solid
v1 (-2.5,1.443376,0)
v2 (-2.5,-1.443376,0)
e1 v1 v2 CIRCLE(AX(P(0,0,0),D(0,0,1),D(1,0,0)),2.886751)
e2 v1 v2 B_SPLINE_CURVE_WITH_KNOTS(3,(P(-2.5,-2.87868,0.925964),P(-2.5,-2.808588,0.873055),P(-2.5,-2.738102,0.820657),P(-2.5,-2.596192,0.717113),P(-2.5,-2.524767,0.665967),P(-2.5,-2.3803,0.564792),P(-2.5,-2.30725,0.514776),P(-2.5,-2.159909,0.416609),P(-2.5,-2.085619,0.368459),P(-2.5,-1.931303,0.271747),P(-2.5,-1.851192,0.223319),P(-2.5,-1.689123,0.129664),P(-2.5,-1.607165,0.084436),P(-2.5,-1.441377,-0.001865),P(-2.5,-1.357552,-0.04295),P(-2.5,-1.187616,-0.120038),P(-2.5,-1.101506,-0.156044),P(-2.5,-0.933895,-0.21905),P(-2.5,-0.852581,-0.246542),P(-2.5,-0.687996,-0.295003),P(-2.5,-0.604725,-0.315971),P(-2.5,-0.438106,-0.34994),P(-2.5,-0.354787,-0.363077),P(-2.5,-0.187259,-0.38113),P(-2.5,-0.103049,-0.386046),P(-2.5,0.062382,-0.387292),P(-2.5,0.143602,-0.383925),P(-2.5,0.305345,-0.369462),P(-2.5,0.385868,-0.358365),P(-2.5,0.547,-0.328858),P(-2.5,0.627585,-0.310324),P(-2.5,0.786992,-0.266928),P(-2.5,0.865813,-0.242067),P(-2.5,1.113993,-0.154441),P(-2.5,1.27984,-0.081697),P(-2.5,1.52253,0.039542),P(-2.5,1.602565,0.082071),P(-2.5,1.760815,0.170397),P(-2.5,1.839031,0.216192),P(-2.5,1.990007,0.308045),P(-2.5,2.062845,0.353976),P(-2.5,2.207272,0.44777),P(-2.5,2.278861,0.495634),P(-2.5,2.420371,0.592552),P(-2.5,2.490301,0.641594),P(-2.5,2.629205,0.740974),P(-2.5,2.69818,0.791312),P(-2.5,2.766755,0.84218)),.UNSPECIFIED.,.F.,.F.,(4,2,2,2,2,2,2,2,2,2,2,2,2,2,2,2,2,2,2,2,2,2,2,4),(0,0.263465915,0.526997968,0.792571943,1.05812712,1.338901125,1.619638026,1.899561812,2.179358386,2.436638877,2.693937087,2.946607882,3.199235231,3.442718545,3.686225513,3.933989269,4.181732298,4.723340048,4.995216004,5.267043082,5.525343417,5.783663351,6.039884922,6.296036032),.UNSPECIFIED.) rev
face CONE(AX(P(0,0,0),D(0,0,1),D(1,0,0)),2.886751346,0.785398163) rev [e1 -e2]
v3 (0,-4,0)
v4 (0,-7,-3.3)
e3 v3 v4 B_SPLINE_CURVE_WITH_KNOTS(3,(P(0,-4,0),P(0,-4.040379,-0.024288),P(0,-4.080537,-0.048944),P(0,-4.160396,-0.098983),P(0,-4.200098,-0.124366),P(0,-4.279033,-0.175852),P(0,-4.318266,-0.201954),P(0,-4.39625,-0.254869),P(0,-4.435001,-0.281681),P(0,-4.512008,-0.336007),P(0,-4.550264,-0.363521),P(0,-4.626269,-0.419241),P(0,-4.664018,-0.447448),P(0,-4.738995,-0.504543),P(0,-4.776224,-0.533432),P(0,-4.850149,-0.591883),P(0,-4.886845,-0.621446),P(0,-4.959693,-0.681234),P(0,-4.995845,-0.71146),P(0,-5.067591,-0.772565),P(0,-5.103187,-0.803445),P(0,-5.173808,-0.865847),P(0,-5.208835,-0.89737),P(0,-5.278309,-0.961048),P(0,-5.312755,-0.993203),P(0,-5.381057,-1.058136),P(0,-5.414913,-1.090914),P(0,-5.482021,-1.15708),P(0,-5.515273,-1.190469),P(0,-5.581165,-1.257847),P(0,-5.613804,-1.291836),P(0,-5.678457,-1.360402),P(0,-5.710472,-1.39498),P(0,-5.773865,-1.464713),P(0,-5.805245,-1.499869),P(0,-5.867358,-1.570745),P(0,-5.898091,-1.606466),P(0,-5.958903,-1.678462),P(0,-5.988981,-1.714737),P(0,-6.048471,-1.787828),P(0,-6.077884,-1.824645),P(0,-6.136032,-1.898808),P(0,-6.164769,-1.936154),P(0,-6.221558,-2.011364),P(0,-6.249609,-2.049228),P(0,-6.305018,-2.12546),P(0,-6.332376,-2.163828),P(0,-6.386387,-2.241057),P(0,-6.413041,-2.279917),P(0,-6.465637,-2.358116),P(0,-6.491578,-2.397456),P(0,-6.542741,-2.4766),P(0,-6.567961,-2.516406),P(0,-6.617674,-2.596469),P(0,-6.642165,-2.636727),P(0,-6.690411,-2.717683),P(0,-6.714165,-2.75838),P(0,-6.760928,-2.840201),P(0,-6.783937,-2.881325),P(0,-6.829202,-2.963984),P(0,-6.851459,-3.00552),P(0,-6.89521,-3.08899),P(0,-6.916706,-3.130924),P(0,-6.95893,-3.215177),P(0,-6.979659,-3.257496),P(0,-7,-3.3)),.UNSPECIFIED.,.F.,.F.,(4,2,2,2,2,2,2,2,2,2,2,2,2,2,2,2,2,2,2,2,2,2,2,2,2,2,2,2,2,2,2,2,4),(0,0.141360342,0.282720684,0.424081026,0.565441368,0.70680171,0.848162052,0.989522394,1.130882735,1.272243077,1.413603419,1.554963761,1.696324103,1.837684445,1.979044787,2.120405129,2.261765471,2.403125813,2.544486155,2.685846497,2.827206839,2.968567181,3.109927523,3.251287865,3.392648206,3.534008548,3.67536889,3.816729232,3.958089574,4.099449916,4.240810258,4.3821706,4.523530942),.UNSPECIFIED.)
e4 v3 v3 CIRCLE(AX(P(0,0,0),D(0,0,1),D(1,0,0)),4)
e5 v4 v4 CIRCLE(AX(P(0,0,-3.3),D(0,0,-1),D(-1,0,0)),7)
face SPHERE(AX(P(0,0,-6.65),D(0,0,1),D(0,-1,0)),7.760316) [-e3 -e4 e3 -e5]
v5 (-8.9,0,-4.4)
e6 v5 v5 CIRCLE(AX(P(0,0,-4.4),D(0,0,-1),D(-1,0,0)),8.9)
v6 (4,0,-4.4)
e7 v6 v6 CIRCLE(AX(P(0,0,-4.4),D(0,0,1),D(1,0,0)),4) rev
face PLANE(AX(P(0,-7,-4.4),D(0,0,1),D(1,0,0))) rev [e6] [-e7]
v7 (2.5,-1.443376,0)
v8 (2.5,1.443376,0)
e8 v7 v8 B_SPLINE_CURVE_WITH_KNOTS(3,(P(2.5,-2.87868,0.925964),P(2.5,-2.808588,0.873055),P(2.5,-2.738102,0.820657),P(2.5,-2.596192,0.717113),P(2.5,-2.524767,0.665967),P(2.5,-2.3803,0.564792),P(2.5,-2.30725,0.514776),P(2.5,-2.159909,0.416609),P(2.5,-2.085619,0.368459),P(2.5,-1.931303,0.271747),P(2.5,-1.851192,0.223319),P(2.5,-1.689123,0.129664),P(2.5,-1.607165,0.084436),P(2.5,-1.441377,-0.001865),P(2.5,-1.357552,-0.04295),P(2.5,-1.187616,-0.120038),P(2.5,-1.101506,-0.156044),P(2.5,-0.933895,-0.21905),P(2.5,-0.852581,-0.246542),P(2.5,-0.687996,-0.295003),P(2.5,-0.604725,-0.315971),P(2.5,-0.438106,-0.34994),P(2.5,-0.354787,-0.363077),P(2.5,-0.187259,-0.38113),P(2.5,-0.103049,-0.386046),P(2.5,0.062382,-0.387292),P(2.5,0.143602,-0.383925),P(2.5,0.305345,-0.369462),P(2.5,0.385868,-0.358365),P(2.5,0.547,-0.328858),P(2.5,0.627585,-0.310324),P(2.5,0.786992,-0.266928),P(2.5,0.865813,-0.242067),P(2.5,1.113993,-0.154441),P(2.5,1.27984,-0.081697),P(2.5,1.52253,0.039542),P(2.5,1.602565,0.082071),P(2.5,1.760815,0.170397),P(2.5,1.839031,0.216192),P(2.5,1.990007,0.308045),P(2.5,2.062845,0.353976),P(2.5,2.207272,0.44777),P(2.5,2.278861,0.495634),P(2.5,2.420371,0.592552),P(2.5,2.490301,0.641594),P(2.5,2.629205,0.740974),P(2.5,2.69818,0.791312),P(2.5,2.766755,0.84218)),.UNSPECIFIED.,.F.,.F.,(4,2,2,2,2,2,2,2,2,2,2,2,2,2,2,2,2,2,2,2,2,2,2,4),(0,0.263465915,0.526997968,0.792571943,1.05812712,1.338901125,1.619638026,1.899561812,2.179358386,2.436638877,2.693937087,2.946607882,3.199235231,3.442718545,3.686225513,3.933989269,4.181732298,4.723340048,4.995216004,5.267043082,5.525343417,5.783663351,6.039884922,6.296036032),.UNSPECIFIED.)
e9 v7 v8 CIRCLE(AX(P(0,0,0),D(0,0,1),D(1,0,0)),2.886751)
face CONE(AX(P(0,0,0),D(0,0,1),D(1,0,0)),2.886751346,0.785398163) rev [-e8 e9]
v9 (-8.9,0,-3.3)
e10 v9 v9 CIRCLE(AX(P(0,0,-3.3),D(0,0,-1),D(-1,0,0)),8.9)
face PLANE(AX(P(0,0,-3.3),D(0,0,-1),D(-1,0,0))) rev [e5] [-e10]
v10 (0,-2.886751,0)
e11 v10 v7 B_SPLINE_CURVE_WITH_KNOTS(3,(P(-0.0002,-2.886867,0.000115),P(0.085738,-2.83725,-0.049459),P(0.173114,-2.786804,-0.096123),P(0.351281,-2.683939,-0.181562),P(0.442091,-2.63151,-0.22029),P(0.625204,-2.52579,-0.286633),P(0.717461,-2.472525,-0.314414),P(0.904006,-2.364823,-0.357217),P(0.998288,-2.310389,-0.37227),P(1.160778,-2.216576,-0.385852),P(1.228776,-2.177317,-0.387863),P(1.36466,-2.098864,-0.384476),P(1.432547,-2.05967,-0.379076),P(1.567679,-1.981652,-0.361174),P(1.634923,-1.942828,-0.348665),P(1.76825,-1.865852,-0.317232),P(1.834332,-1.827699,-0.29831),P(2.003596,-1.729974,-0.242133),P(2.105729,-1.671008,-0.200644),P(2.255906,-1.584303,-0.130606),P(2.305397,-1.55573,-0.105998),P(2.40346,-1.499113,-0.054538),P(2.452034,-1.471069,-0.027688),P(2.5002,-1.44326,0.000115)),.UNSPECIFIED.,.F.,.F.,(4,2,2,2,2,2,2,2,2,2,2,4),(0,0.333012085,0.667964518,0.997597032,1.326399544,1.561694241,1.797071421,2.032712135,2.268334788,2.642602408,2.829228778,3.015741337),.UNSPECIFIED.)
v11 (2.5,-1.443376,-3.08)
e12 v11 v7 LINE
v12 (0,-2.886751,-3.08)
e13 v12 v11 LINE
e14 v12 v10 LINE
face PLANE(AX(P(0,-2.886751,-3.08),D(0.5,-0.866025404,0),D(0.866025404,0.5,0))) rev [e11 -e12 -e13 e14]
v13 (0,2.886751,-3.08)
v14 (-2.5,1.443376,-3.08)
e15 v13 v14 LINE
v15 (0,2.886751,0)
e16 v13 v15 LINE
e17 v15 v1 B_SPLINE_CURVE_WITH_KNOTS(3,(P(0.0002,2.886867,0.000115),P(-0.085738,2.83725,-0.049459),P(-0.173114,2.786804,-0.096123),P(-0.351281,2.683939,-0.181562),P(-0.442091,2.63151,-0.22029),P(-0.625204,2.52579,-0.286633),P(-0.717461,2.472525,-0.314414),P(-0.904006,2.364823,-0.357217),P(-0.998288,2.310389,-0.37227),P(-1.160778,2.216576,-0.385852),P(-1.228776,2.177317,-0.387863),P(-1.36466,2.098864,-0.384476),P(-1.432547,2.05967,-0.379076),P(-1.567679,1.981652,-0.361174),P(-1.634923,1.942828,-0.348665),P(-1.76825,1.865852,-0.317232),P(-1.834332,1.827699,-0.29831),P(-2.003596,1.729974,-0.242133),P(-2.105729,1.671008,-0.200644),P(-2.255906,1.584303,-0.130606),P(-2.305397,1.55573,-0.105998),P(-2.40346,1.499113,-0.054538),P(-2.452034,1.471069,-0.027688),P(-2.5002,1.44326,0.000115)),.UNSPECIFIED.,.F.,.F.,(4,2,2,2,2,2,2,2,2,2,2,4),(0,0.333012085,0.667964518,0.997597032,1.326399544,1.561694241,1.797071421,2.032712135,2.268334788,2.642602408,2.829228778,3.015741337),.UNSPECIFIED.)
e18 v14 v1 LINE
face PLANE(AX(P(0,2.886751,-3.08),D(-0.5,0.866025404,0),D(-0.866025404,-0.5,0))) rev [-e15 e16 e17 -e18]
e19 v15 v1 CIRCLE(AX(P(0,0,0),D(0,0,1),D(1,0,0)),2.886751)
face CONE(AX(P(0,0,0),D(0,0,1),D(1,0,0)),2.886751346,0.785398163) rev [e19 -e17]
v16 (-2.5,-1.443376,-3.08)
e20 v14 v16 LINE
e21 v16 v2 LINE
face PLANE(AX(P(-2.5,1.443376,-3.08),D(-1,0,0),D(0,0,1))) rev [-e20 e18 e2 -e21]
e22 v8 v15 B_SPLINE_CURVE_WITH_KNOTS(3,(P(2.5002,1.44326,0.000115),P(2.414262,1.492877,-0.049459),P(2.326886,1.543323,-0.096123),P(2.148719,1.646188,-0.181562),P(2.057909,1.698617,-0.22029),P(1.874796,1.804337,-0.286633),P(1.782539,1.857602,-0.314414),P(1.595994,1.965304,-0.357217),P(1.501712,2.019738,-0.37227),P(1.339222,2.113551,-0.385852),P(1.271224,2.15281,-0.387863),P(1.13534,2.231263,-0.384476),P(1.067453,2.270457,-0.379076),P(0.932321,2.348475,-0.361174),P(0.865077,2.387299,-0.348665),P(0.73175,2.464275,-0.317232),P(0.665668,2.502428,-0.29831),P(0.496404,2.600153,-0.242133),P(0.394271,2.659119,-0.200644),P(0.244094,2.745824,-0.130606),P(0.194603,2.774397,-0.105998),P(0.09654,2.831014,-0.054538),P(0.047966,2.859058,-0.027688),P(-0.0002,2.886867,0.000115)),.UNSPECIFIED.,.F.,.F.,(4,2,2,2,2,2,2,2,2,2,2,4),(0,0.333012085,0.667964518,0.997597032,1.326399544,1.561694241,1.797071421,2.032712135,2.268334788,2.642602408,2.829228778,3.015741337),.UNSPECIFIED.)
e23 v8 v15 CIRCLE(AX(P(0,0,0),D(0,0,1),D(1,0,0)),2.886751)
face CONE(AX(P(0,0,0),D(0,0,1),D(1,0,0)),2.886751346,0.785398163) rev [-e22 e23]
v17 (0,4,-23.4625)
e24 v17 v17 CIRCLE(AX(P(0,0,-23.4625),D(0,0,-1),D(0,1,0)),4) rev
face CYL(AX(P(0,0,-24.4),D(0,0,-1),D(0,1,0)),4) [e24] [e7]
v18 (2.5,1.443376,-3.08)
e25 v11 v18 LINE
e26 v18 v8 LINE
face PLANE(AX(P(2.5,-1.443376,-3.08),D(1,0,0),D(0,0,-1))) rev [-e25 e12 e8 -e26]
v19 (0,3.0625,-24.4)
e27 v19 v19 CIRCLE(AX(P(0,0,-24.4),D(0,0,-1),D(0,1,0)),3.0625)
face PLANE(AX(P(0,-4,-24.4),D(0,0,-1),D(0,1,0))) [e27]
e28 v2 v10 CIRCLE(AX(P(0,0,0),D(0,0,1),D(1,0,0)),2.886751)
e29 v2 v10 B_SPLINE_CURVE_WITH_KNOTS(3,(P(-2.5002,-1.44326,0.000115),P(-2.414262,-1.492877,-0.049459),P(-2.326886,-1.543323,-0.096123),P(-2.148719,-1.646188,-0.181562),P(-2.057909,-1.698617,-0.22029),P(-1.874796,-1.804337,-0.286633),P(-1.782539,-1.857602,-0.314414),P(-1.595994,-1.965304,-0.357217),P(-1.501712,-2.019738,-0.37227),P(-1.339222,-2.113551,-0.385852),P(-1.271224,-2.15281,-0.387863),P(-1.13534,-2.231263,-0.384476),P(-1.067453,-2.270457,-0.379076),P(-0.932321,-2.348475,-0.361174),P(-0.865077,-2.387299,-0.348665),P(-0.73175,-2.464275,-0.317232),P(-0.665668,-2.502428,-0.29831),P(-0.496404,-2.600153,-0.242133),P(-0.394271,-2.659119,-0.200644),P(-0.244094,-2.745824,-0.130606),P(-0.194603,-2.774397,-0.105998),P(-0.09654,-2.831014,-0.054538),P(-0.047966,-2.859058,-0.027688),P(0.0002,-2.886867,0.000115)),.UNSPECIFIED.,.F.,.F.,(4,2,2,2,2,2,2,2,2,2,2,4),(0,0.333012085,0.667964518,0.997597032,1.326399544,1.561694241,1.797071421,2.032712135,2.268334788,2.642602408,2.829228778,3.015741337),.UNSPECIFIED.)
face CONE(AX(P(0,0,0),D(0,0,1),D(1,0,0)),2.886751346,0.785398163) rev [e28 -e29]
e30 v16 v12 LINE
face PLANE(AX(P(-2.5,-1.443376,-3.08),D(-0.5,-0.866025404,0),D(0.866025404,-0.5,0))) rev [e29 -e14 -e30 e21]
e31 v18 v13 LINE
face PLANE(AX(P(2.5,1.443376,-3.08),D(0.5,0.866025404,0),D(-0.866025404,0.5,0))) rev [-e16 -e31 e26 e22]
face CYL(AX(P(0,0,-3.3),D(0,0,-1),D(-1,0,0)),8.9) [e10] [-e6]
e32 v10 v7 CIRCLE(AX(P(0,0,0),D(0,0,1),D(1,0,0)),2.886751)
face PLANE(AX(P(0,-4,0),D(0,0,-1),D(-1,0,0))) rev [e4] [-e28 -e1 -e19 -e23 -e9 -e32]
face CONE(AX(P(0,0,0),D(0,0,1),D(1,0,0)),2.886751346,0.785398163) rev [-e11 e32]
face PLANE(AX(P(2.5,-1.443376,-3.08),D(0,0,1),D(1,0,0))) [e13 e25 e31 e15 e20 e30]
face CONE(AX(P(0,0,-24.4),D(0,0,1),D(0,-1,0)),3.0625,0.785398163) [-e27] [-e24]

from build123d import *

# Parameters (mm, degrees)
SKETCH1_W           = 20
SKETCH1_H           = 4
CHAMFER1_SIZE       = 0.9375
SKETCH11_R          = 8.9
BOSS_EXTRUDE3_DEPTH = 1.1
CUT_EXTRUDE2_DEPTH  = 3.08


with BuildPart() as part:
    # Sketch1 → Revolve1 (revolve)
    with BuildSketch(Plane(origin=(0, 0, 0), x_dir=(0, 0, -1), z_dir=(1, 0, 0))):
        with Locations((14.4, 2)):
            Rectangle(SKETCH1_W, SKETCH1_H)
    revolve(axis=Axis((0, 0, -24.4), (0, 0, 1)))

    # Chamfer1
    chamfer1_edges = [part.edges().sort_by_distance(p)[0] for p in [
        (0, -4, -24.4),
    ]]
    chamfer(chamfer1_edges, length=CHAMFER1_SIZE)

    # Sketch7 → Revolve2 (revolve)
    with BuildSketch(Plane(origin=(0, 0, 0), x_dir=(0, 0, -1), z_dir=(1, 0, 0)), mode=Mode.PRIVATE) as revolve2_sk:
        with BuildLine():
            Line((3.3, 7), (4.4, 7))
            Line((4.4, 7), (4.4, 0))
            Line((4.4, 0), (0, 0))
            Line((0, 0), (0, 4))
            ThreePointArc((0, 4), (1.429846746, 5.74216858), (3.3, 7))
        make_face()
    revolve(revolve2_sk.sketch.rotate(Axis((0, 0, 0), (0, 0, -1)), 180), axis=Axis((0, 0, 0), (0, 0, -1)))

    # Sketch11 → Boss-Extrude3 (add)
    with BuildSketch(Plane(origin=(0, 0, -4.4), x_dir=(-1, 0, 0), z_dir=(0, 0, -1))):
        Circle(SKETCH11_R)
    extrude(amount=-BOSS_EXTRUDE3_DEPTH)

    # Sketch5 → Cut-Extrude2 (cut)
    with BuildSketch(Plane.XY):
        Polygon((2.5, -1.443375673), (2.5, 1.443375673), (0, 2.886751346), (-2.5, 1.443375673), (-2.5, -1.443375673), (0, -2.886751346), align=None)
    extrude(amount=-CUT_EXTRUDE2_DEPTH, mode=Mode.SUBTRACT)

    # Cut-Extrude3 cone 1 section (through the dimple's axis) → Cut-Extrude3 (revolve, cut)
    with BuildSketch(Plane(origin=(0, 0, 0), x_dir=(0, -1, 0), z_dir=(1, 0, 0))):
        Polygon((0, 0), (2.886751346, 0), (0, 2.886751346), align=None)
    revolve(axis=Axis((0, 0, 0), (0, 0, -1)), mode=Mode.SUBTRACT)


solid = part.part
